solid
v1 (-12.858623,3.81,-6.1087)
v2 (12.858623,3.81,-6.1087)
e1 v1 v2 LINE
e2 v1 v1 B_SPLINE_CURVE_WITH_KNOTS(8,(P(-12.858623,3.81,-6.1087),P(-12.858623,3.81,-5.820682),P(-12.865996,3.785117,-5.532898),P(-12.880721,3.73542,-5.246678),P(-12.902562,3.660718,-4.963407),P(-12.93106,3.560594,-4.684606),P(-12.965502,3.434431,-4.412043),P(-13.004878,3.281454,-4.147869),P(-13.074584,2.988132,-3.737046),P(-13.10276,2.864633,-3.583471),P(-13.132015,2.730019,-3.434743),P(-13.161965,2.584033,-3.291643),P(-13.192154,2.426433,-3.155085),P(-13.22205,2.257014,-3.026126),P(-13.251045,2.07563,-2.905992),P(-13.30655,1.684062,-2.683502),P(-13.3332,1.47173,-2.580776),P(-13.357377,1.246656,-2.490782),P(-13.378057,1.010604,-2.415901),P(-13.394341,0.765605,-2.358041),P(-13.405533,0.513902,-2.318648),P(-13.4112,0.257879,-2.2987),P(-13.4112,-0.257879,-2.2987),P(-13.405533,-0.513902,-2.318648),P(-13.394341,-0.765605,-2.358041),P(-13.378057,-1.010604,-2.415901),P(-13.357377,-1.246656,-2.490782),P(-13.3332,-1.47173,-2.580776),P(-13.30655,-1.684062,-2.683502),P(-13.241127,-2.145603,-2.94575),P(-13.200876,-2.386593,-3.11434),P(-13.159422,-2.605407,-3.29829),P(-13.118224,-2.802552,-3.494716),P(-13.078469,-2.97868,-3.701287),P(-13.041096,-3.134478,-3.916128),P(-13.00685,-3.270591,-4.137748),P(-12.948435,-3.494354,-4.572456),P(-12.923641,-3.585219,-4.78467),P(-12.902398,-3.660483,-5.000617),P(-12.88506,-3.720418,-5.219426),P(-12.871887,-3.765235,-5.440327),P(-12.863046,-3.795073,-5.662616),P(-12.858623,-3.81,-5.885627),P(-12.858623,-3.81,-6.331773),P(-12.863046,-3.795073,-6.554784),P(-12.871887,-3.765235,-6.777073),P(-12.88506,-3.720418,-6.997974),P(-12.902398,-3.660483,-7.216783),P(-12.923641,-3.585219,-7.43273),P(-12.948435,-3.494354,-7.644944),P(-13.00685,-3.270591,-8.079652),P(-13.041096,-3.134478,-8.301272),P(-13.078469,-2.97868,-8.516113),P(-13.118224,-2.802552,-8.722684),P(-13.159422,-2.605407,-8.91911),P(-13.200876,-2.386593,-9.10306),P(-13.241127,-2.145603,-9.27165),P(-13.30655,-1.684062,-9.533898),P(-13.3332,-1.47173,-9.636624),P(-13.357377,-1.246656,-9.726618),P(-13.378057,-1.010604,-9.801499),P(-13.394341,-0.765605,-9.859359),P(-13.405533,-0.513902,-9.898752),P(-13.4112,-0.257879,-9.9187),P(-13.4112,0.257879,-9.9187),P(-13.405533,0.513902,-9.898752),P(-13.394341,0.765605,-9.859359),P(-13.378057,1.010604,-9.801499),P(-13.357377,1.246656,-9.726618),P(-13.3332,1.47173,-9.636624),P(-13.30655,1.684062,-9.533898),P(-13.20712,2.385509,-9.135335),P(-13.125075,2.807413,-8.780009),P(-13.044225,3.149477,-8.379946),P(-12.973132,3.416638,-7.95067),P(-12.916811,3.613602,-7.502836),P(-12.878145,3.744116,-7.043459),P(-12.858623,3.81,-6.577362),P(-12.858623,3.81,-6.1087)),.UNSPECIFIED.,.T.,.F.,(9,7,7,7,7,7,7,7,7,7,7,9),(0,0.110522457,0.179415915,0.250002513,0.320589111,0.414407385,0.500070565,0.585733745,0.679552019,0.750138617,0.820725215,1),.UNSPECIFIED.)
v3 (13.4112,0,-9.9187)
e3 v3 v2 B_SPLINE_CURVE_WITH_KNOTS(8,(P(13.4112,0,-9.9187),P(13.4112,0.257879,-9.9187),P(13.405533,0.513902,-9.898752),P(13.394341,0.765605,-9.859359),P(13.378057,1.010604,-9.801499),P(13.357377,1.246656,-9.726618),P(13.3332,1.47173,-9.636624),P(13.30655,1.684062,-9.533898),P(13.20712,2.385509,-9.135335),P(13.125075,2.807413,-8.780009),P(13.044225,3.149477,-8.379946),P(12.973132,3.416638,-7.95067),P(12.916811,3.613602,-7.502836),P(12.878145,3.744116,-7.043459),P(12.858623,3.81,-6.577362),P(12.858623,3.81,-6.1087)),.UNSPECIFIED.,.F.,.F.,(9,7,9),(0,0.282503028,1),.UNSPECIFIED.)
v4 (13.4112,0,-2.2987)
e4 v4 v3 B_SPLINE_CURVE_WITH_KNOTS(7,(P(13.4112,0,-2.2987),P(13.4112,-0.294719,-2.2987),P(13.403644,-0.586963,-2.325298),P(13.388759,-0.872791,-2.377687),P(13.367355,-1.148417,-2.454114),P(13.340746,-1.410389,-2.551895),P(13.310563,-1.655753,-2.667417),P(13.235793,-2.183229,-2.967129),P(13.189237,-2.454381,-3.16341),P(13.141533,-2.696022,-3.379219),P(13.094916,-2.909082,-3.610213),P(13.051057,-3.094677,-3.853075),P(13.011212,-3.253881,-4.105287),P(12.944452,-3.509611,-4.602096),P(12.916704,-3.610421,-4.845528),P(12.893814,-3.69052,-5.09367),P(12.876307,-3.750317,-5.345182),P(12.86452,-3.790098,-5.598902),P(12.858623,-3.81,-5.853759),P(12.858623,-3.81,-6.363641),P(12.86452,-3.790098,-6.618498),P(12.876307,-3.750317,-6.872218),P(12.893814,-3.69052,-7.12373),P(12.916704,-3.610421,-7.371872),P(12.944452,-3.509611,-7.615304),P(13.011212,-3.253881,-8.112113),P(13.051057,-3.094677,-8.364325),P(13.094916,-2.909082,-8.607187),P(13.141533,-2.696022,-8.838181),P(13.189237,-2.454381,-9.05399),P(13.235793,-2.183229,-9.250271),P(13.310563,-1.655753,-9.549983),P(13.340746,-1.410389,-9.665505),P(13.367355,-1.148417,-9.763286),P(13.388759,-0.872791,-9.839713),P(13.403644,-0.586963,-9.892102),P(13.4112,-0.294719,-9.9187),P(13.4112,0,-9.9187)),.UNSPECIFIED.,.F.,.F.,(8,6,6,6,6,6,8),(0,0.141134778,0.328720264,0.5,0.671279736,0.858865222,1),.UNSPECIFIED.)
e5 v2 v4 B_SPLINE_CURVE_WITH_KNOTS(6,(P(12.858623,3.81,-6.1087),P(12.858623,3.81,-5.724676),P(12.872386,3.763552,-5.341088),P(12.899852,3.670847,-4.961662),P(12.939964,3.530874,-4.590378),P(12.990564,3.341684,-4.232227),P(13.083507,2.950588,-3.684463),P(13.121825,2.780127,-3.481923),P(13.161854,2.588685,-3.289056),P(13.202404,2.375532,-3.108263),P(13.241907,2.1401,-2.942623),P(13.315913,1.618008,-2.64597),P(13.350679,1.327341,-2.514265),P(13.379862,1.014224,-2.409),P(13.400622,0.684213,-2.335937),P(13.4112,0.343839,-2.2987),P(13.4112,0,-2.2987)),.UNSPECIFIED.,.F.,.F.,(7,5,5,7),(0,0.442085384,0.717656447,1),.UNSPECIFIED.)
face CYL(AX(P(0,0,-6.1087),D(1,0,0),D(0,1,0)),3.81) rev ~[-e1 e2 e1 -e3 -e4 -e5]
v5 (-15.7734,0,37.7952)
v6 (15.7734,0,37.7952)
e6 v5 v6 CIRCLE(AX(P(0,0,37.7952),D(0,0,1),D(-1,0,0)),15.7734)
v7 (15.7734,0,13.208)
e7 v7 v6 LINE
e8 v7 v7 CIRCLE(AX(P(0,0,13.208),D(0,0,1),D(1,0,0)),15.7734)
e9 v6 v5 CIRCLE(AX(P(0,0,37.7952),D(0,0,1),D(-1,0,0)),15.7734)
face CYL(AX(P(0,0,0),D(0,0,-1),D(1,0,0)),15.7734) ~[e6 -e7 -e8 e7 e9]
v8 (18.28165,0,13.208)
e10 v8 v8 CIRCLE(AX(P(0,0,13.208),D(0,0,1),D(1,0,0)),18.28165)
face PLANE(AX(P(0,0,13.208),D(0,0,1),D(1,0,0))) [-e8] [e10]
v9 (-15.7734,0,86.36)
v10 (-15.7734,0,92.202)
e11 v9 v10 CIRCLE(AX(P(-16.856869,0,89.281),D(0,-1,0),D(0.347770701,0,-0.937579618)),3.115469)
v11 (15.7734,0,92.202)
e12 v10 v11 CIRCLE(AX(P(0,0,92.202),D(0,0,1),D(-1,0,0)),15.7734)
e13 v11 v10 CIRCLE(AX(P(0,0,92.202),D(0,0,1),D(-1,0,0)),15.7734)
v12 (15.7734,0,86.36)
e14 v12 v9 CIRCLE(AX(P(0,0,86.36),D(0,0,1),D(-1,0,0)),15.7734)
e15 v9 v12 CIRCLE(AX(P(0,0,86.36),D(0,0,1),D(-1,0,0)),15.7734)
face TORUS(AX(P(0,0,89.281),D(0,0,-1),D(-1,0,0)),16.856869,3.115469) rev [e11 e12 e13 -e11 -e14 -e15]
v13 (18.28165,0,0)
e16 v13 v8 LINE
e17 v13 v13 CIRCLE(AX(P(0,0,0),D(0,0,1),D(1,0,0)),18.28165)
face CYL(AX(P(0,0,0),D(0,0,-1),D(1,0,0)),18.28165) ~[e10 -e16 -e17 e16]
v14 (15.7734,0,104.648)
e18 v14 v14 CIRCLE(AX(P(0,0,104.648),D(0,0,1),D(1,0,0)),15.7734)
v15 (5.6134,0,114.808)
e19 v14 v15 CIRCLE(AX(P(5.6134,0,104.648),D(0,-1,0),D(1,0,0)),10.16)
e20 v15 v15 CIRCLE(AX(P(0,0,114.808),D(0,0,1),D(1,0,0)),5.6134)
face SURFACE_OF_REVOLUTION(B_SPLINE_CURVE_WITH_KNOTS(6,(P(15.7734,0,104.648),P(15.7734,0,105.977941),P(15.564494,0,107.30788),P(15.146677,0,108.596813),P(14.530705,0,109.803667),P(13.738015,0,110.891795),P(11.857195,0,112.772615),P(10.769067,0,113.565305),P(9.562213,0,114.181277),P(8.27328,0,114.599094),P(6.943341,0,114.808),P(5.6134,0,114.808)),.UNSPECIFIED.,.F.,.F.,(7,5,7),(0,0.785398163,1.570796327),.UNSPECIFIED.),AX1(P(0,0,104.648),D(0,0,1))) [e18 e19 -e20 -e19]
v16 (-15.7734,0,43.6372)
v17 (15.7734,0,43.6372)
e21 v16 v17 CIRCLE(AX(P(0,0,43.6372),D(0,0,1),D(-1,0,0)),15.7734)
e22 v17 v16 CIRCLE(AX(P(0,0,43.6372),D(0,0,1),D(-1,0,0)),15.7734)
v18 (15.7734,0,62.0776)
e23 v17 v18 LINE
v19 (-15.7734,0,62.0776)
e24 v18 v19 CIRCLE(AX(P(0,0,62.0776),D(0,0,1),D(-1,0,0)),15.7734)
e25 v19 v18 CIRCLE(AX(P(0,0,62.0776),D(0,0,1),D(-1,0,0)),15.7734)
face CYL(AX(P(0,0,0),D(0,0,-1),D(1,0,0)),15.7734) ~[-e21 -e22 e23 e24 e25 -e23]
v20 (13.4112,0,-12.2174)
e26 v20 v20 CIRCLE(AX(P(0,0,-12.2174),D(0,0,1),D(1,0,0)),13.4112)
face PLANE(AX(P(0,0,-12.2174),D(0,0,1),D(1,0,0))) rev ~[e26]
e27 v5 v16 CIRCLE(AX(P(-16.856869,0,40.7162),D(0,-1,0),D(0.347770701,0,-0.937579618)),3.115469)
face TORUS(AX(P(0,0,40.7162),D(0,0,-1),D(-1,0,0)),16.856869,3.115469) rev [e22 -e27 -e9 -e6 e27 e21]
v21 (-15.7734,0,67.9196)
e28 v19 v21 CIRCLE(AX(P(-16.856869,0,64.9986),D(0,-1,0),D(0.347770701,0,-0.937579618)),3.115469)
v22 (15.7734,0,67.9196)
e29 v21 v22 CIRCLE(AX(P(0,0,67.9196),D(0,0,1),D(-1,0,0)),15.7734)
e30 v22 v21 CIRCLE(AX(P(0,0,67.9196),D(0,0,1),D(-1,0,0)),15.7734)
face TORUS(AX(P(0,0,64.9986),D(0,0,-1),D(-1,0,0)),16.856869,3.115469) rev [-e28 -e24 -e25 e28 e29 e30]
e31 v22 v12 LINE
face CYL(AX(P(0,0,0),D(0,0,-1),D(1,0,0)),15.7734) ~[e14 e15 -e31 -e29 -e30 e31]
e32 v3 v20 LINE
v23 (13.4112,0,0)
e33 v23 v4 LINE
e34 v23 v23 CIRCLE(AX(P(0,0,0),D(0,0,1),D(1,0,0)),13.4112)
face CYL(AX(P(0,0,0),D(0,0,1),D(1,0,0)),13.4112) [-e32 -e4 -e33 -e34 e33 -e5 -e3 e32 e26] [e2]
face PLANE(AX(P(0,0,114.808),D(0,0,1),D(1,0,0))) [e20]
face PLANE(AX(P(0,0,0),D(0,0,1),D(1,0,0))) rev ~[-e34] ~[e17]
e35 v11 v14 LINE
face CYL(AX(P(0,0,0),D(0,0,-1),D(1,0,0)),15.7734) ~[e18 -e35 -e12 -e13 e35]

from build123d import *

# Parameters (mm, degrees)
F0_R     = 13.4112
F1_DEPTH = 12.2174
F0_R_2   = 15.7734
F2_DEPTH = 114.808
F0_R_3   = 18.28165
F3_DEPTH = 13.208
F4_R     = 10.16
F8_R     = 3.81
F9_DEPTH = 25.4


with BuildPart() as f1:
    # F0 (on Top) → F1 (new body)
    with BuildSketch(Plane.XY):
        Circle(F0_R)
    extrude(amount=-F1_DEPTH)

    # F0 (on Top) → F2 (join)
    with BuildSketch(Plane.XY):
        Circle(F0_R_2)
        Circle(F0_R, mode=Mode.SUBTRACT)
        Circle(F0_R)
    extrude(amount=F2_DEPTH)

    # F0 (on Top) → F3 (join)
    with BuildSketch(Plane.XY):
        Circle(F0_R_3)
        Circle(F0_R_2, mode=Mode.SUBTRACT)
    extrude(amount=F3_DEPTH)

    # F4
    f4_edges = [f1.edges().sort_by_distance(p)[0] for p in [
        (-15.7734, 0, 114.808),
    ]]
    fillet(f4_edges, radius=F4_R)

    # F5 (on Front) → F6 (revolve, cut)
    with BuildSketch(Plane.XZ):
        with BuildLine():
            Line((-15.7734, 43.6372), (-15.7734, 37.7952))
            ThreePointArc((-15.7734, 37.7952), (-13.7414, 40.7162), (-15.7734, 43.6372))
        make_face()
    revolve(axis=Axis((0, 0, 52.324), (0, 0, 1)), mode=Mode.SUBTRACT)

    # F5 (on Front) → F7 (revolve, cut)
    with BuildSketch(Plane.XZ):
        with BuildLine():
            Line((-15.7734, 92.202), (-15.7734, 86.36))
            ThreePointArc((-15.7734, 86.36), (-13.7414, 89.281), (-15.7734, 92.202))
        make_face()
        with BuildLine():
            Line((-15.7734, 67.9196), (-15.7734, 62.0776))
            ThreePointArc((-15.7734, 62.0776), (-13.7414, 64.9986), (-15.7734, 67.9196))
        make_face()
    revolve(axis=Axis((0, 0, 52.324), (0, 0, 1)), mode=Mode.SUBTRACT)

    # F8 (on Right) → F9 (cut, symmetric)
    with BuildSketch(Plane.YZ):
        with Locations((0, -6.1087)):
            Circle(F8_R)
    extrude(amount=F9_DEPTH, both=True, mode=Mode.SUBTRACT)


solid = f1.part
